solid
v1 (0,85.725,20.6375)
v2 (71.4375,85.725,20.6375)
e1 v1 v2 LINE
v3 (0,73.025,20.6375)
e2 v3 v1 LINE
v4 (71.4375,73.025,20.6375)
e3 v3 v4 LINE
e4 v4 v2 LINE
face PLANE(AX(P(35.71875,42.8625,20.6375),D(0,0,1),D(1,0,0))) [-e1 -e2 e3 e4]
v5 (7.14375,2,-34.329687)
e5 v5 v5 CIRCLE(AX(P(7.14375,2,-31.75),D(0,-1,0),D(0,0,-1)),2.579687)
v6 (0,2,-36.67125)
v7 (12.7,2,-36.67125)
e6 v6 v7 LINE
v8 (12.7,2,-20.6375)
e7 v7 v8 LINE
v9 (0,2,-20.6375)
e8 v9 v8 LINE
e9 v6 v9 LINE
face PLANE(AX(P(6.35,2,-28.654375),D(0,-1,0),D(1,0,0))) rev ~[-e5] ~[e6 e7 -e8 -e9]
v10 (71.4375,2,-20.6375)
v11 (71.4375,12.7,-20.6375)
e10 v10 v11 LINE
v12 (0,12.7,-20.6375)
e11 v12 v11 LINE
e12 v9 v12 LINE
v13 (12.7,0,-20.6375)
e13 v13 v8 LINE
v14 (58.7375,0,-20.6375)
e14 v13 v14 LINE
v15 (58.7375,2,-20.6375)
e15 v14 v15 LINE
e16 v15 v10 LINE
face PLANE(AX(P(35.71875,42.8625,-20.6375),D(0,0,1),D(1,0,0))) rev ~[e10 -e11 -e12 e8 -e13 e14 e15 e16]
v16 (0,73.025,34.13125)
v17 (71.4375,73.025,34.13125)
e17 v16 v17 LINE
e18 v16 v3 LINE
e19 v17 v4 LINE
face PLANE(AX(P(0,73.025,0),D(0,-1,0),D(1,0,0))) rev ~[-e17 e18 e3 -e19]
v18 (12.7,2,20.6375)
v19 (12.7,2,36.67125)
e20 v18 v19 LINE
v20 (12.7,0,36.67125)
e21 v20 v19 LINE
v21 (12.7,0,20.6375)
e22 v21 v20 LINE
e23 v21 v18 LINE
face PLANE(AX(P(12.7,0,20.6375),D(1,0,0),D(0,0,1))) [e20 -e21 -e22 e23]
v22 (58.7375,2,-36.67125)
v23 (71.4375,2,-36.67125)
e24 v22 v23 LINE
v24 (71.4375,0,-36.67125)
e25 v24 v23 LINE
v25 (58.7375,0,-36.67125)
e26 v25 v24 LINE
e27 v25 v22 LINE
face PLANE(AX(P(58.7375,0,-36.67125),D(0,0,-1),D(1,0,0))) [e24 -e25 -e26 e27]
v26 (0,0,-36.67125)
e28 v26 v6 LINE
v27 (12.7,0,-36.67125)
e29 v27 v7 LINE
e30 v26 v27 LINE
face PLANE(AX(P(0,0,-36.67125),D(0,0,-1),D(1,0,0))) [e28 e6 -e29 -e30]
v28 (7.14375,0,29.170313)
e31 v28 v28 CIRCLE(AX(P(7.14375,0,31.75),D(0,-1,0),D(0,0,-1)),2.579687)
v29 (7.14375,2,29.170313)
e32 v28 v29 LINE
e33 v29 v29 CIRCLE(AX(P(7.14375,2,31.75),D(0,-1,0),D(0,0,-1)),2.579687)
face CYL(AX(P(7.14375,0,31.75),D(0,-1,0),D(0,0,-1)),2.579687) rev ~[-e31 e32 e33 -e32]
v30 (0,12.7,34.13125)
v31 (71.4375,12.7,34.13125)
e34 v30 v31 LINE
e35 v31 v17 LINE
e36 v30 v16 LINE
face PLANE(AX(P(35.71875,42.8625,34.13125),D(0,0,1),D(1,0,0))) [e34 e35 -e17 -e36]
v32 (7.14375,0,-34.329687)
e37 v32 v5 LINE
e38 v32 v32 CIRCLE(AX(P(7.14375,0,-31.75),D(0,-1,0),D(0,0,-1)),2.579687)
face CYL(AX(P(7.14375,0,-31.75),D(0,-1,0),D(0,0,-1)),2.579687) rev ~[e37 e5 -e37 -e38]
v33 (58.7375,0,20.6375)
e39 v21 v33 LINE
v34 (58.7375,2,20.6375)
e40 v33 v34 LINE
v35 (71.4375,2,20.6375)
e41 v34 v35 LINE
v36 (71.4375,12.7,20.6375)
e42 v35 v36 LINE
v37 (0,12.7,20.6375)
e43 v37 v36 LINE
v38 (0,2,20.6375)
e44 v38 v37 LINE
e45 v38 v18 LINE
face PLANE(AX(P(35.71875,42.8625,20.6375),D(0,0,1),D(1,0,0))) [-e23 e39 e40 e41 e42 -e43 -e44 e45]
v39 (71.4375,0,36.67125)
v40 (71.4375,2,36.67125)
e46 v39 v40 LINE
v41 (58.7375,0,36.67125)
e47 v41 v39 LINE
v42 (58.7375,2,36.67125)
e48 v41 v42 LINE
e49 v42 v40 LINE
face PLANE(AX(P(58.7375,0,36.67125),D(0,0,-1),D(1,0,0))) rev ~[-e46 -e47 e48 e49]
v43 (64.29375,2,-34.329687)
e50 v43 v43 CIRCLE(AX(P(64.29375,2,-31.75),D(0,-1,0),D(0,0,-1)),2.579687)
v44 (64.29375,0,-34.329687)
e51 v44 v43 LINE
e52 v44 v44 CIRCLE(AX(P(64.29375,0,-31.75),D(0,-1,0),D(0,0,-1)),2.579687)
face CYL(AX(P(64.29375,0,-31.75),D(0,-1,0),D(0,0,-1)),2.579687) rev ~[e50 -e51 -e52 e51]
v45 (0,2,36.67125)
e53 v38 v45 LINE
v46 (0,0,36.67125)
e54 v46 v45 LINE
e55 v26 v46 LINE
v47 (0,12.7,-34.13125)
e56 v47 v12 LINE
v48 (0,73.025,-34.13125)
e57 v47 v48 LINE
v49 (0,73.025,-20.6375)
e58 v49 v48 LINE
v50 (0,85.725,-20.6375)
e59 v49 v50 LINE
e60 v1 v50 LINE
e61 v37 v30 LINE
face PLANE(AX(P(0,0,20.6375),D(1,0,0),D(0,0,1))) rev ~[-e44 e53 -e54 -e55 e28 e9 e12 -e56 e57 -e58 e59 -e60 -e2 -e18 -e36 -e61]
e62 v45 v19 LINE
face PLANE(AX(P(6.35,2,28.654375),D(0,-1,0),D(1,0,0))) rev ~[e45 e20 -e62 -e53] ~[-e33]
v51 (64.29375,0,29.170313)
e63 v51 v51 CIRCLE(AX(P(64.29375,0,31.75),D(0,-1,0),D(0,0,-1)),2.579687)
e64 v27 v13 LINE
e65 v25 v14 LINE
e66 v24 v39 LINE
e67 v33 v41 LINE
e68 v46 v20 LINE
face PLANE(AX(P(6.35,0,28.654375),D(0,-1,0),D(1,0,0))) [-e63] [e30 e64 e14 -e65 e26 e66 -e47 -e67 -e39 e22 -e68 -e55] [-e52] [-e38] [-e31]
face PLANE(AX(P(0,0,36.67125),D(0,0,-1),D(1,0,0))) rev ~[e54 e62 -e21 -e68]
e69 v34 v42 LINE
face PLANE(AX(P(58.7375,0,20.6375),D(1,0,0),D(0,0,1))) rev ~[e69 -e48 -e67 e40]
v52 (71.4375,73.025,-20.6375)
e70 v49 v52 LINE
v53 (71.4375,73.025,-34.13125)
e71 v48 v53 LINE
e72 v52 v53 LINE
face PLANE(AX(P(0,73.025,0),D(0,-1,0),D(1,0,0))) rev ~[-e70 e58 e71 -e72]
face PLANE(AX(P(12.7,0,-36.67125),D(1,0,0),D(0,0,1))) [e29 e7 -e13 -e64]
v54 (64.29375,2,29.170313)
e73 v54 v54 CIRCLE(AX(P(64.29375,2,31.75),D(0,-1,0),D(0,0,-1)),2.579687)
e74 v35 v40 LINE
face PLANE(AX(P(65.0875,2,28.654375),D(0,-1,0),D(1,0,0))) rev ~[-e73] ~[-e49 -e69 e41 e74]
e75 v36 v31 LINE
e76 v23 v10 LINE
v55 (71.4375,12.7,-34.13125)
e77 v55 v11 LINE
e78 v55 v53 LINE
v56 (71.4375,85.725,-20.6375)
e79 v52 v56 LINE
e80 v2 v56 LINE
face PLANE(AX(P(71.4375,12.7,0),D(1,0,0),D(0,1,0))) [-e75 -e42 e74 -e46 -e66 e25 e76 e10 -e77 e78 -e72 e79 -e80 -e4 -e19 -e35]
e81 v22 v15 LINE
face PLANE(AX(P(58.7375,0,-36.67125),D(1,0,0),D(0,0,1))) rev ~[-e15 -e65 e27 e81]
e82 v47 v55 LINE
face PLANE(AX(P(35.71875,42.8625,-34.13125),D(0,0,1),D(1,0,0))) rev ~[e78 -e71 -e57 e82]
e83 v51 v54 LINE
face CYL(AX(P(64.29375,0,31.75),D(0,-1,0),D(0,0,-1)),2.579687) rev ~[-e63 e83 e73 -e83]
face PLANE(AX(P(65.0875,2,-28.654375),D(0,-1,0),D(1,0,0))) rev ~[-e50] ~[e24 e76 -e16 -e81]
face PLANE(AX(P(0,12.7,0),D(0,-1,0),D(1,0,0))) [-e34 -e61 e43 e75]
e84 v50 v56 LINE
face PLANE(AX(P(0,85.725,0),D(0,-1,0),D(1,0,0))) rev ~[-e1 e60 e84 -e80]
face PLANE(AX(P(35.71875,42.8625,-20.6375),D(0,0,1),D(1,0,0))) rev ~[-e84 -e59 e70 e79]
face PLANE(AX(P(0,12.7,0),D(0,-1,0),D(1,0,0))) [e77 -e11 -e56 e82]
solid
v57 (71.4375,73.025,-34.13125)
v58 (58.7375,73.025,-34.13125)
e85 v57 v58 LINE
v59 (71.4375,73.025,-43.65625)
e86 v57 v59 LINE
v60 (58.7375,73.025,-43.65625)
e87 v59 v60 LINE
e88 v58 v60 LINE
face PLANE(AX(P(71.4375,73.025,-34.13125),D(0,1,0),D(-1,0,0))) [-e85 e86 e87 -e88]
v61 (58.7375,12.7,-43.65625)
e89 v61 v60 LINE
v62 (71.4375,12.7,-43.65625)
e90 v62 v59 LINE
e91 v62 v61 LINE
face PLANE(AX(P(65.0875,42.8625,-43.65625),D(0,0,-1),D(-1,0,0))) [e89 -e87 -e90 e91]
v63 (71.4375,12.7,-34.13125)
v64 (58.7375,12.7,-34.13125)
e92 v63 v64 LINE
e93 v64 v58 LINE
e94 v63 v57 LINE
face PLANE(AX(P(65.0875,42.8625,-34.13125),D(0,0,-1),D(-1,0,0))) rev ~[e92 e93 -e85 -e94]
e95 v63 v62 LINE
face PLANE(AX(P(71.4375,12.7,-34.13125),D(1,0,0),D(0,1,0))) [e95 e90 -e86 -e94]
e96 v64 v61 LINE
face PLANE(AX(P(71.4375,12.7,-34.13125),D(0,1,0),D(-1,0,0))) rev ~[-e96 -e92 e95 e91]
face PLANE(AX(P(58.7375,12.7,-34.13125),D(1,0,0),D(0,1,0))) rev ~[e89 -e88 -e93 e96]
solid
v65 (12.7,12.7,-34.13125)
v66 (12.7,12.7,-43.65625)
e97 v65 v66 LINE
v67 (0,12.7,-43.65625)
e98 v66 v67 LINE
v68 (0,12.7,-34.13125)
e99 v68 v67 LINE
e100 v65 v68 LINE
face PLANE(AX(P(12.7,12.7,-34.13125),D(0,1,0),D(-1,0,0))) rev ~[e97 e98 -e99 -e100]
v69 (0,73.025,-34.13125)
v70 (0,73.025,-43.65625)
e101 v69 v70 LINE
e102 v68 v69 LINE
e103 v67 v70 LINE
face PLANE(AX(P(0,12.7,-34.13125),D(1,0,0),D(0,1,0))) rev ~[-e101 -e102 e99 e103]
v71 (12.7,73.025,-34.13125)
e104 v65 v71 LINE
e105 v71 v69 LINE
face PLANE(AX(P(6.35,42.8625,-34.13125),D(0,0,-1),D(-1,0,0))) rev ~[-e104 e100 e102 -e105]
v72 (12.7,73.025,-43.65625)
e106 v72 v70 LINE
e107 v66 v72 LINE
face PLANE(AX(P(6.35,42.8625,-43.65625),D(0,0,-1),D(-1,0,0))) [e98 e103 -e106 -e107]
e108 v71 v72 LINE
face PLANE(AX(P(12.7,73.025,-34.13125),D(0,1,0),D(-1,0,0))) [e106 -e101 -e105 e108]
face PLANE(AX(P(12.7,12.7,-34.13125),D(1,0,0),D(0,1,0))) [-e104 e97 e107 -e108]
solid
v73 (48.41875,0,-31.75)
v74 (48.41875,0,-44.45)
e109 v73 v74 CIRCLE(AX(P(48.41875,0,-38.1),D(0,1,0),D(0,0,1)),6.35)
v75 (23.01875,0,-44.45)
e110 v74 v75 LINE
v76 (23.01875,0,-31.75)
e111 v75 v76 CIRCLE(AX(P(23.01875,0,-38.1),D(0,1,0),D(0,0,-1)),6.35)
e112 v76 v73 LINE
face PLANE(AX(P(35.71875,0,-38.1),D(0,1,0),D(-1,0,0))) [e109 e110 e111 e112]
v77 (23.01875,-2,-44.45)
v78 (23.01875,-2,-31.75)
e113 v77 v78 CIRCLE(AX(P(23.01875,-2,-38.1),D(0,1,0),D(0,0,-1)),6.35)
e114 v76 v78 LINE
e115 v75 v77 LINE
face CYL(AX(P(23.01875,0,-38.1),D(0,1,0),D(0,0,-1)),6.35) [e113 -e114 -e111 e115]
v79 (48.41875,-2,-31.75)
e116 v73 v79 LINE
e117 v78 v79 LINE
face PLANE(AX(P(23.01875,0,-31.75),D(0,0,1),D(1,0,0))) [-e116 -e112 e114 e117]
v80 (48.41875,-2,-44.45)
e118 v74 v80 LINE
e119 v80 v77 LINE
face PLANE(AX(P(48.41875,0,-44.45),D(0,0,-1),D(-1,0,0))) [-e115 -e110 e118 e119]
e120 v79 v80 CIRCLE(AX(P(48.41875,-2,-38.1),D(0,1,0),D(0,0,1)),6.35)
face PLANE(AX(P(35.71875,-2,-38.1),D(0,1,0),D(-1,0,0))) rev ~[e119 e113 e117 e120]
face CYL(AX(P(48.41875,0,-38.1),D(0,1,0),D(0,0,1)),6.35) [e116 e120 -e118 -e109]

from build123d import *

# Parameters (mm, degrees)
SKETCH2_W             = 71.4375
SKETCH2_H             = 85.725
BOSS_EXTRUDE1_DEPTH   = 20.6375
SKETCH3_W             = 71.4375
SKETCH3_H             = 60.325
BOSS_EXTRUDE2_DEPTH   = 34.13125
SKETCH4_W             = 12.7
SKETCH4_H             = 16.03375
BOSS_EXTRUDE3_DEPTH   = 2
SKETCH5_W             = 12.7
SKETCH5_H             = 60.325
BOSS_EXTRUDE4_DEPTH   = 9.525
BOSS_EXTRUDE4_2_DEPTH = 9.525
SKETCH6_R             = 2.5796875
CUT_EXTRUDE1_DEPTH    = 2
BOSS_EXTRUDE5_DEPTH   = 2


with BuildPart() as part:
    # Sketch2 → Boss-Extrude1 (new, symmetric)
    with BuildSketch(Plane.XY):
        with Locations((35.71875, 42.8625)):
            Rectangle(SKETCH2_W, SKETCH2_H)
    extrude(amount=BOSS_EXTRUDE1_DEPTH, both=True)

    # Sketch3 → Boss-Extrude2 (add, symmetric)
    with BuildSketch(Plane.XY):
        with Locations((35.71875, 42.8625)):
            Rectangle(SKETCH3_W, SKETCH3_H)
    extrude(amount=BOSS_EXTRUDE2_DEPTH, both=True)

    # Sketch4 → Boss-Extrude3 (add)
    with BuildSketch(Plane.XZ):
        with Locations((6.35, 28.654375)):
            Rectangle(SKETCH4_W, SKETCH4_H)
        with Locations((65.0875, 28.654375)):
            Rectangle(SKETCH4_W, SKETCH4_H)
        with Locations((65.0875, -28.654375)):
            Rectangle(SKETCH4_W, SKETCH4_H)
        with Locations((6.35, -28.654375)):
            Rectangle(SKETCH4_W, SKETCH4_H)
    extrude(amount=-BOSS_EXTRUDE3_DEPTH)

    # Sketch6 → Cut-Extrude1 (cut)
    with BuildSketch(Plane.XZ):
        with Locations(Location((7.14375, 31.75, 0), (0, 0, 270))):
            Circle(SKETCH6_R)
        with Locations(Location((64.29375, 31.75, 0), (0, 0, 270))):
            Circle(SKETCH6_R)
        with Locations(Location((64.29375, -31.75, 0), (0, 0, 270))):
            Circle(SKETCH6_R)
        with Locations(Location((7.14375, -31.75, 0), (0, 0, 270))):
            Circle(SKETCH6_R)
    extrude(amount=-CUT_EXTRUDE1_DEPTH, mode=Mode.SUBTRACT)


with BuildPart() as body_2:
    # Sketch5 → Boss-Extrude4 (new body)
    with BuildSketch(Plane(origin=(0, 0, -34.13125), x_dir=(-1, 0, 0), z_dir=(0, 0, -1))):
        with Locations((-65.0875, 42.8625)):
            Rectangle(SKETCH5_W, SKETCH5_H)
    extrude(amount=BOSS_EXTRUDE4_DEPTH)


with BuildPart() as body_3:
    # Sketch5 → Boss-Extrude4 2 (new body)
    with BuildSketch(Plane(origin=(0, 0, -34.13125), x_dir=(-1, 0, 0), z_dir=(0, 0, -1))):
        with Locations((-6.35, 42.8625)):
            Rectangle(SKETCH5_W, SKETCH5_H)
    extrude(amount=BOSS_EXTRUDE4_2_DEPTH)


with BuildPart() as body_4:
    # Sketch7 → Boss-Extrude5 (new body)
    with BuildSketch(Plane.XZ):
        with BuildLine():
            ThreePointArc((23.01875, -44.45), (16.66875, -38.1), (23.01875, -31.75))
            Line((23.01875, -31.75), (48.41875, -31.75))
            ThreePointArc((48.41875, -31.75), (54.76875, -38.1), (48.41875, -44.45))
            Line((48.41875, -44.45), (23.01875, -44.45))
        make_face()
    extrude(amount=BOSS_EXTRUDE5_DEPTH)


solid = Compound([part.part, body_2.part, body_3.part, body_4.part])
